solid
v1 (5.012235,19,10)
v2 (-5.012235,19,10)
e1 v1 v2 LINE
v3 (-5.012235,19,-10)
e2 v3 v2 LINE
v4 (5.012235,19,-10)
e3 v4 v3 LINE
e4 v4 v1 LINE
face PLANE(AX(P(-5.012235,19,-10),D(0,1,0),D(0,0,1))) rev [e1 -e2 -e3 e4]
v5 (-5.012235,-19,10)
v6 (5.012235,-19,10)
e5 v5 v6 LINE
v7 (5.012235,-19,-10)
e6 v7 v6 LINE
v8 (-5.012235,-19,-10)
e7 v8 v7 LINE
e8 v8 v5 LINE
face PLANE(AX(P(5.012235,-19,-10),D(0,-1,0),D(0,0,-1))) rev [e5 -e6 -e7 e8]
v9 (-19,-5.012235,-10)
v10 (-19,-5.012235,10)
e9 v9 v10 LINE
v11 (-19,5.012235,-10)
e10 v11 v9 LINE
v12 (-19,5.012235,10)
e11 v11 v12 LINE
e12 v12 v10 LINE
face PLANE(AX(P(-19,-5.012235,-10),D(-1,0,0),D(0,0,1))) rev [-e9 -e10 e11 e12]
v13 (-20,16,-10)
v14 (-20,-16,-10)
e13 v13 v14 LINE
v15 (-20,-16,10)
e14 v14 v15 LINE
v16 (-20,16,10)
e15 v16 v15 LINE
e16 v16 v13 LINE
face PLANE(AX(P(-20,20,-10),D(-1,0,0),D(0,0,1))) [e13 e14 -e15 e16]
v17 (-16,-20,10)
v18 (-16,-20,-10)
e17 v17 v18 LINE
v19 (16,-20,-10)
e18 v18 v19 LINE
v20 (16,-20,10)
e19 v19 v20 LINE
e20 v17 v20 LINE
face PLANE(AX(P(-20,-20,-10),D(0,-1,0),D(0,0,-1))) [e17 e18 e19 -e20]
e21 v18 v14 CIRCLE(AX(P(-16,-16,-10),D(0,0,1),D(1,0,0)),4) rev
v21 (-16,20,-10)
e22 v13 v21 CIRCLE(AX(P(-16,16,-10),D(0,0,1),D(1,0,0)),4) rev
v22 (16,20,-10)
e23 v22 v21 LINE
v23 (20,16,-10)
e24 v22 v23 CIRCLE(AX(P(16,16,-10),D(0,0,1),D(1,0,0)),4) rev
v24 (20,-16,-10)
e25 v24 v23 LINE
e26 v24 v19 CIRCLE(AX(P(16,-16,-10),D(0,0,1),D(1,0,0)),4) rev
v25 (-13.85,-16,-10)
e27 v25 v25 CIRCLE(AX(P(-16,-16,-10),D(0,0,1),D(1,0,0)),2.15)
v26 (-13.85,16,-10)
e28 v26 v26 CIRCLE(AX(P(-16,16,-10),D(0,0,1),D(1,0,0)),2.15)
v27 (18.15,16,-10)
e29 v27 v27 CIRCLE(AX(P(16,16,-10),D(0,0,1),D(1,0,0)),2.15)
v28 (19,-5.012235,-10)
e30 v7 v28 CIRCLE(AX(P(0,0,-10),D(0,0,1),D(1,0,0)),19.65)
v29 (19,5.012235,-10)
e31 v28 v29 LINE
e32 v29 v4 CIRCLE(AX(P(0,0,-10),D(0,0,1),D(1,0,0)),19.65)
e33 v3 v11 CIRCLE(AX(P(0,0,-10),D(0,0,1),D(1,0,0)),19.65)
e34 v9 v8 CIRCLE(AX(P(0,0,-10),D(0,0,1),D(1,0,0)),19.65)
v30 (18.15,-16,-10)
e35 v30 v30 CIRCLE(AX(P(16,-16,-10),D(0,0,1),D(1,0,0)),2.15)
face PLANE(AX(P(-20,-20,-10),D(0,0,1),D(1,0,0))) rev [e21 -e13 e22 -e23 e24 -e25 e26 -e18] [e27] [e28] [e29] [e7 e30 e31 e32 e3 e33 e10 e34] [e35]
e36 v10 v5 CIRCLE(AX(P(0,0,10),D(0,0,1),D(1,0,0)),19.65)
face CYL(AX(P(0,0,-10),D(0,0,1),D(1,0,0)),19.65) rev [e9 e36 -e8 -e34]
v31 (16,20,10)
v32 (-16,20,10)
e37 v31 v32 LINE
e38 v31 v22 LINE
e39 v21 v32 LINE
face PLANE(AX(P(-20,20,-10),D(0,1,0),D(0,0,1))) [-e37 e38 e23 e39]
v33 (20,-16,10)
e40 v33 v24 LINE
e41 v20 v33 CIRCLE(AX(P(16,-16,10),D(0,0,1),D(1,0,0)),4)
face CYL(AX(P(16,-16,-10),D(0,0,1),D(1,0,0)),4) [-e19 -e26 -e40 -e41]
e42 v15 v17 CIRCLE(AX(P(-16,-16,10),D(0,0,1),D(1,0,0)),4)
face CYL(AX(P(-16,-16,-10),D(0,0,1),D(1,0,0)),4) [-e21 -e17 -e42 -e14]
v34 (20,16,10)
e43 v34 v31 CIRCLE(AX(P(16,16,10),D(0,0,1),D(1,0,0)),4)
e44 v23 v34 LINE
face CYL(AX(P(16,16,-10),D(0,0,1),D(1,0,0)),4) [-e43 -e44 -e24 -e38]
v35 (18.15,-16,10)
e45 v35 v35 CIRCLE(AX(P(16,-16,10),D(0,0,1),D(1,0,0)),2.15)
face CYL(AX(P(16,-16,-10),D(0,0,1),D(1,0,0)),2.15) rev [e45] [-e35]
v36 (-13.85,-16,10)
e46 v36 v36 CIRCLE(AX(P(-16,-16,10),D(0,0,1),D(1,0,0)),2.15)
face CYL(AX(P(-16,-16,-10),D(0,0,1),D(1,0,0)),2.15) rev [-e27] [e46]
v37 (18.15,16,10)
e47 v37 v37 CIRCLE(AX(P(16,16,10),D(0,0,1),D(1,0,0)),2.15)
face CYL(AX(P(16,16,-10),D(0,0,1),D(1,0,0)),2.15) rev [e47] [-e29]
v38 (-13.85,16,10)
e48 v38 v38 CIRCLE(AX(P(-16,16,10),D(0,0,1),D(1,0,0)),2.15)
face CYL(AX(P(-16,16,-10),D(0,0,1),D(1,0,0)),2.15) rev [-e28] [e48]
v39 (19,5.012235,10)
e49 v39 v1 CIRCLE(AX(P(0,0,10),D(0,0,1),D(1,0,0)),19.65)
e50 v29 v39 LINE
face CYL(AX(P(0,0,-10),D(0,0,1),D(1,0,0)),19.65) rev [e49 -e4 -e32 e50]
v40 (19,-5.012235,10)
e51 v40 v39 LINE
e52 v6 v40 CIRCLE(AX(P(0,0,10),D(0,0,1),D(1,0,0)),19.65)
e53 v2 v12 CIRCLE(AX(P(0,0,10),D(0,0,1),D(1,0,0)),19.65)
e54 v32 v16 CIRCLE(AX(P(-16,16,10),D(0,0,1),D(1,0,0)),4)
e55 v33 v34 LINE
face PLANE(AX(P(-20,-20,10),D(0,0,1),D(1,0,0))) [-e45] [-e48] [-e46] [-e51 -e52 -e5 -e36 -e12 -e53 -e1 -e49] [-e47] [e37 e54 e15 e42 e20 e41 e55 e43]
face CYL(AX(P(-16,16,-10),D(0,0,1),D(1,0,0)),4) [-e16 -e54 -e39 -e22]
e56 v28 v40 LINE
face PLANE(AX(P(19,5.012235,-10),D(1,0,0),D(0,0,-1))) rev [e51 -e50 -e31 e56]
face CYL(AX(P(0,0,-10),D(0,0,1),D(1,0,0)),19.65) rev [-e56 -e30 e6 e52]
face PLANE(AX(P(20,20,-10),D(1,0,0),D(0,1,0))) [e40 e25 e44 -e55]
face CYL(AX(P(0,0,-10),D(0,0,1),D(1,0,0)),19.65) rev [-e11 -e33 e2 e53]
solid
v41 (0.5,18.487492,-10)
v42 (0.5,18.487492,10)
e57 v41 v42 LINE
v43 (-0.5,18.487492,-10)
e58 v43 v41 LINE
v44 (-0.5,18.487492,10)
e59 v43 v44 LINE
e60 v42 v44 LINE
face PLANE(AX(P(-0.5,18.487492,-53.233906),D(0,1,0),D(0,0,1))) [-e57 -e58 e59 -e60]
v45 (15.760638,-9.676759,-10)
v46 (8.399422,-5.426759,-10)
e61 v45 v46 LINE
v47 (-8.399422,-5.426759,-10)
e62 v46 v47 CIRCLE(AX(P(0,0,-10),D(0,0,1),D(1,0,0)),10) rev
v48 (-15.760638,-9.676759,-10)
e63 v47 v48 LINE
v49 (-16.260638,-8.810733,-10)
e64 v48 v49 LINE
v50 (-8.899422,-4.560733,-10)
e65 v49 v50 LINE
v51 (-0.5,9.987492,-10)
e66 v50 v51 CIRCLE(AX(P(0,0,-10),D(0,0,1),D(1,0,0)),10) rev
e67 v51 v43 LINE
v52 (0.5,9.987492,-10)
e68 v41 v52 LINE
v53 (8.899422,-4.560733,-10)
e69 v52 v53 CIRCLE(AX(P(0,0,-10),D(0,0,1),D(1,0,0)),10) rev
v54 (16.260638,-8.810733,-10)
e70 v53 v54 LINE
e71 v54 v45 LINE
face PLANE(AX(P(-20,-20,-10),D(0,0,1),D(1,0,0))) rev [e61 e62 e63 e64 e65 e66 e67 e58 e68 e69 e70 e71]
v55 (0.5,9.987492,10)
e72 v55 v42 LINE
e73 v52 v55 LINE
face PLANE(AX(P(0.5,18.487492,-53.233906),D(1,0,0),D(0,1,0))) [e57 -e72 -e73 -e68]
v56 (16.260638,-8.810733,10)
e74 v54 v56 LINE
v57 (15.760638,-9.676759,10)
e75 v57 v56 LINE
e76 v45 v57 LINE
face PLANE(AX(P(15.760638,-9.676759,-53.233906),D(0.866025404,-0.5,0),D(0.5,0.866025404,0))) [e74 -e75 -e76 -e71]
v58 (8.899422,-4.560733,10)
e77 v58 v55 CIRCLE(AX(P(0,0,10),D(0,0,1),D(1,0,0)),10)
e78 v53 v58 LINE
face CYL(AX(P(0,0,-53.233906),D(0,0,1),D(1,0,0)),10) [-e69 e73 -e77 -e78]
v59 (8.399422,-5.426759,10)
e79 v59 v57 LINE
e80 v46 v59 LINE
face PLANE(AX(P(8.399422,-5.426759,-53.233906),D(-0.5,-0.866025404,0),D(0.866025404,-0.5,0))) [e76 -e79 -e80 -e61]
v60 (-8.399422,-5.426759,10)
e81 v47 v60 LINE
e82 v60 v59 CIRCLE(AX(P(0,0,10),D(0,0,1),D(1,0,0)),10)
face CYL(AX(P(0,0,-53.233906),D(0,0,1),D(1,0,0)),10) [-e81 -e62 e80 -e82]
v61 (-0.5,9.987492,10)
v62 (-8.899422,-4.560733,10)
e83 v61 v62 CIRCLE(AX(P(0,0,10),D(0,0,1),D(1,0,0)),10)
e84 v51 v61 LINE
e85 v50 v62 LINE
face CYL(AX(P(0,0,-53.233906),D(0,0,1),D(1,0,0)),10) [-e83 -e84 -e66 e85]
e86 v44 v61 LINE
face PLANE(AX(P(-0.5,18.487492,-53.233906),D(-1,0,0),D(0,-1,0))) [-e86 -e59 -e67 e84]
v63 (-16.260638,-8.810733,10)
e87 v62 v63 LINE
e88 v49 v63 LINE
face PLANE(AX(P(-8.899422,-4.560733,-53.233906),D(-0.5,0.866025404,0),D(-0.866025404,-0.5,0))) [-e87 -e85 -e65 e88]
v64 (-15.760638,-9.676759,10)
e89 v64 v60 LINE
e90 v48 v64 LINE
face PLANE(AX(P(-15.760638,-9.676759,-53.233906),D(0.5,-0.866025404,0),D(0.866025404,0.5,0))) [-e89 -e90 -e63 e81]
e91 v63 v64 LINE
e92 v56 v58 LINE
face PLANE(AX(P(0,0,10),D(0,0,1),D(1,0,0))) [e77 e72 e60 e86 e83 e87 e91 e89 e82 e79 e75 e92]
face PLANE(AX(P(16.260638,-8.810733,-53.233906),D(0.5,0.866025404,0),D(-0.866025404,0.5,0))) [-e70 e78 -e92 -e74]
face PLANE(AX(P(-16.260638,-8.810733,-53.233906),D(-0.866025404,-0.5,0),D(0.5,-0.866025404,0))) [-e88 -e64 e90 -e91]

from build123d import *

# Parameters (mm, degrees)
SKETCH1_W                = 40
SKETCH1_H                = 40
SKETCH1_R                = 2.15
BOSS_EXTRUDE1_DEPTH      = 10
BOSS_EXTRUDE1_DEPTH_BACK = 10
FILLET1_R                = 4
BOSS_EXTRUDE2_DEPTH      = 20


with BuildPart() as part:
    # Sketch1 → Boss-Extrude1 (new body, two sides)
    with BuildSketch(Plane.XY) as boss_extrude1_sk:
        Rectangle(SKETCH1_W, SKETCH1_H)
        with Locations((-16, 16)):
            Circle(SKETCH1_R, mode=Mode.SUBTRACT)
        with Locations((16, 16)):
            Circle(SKETCH1_R, mode=Mode.SUBTRACT)
        with Locations((16, -16)):
            Circle(SKETCH1_R, mode=Mode.SUBTRACT)
        with Locations((-16, -16)):
            Circle(SKETCH1_R, mode=Mode.SUBTRACT)
        with BuildLine():
            Line((-5.01223503, 19), (5.01223503, 19))
            ThreePointArc((5.01223503, 19), (13.89464825, 13.89464825), (19, 5.01223503))
            Line((19, 5.01223503), (19, -5.01223503))
            ThreePointArc((19, -5.01223503), (13.89464825, -13.89464825), (5.01223503, -19))
            Line((5.01223503, -19), (-5.01223503, -19))
            ThreePointArc((-5.01223503, -19), (-13.89464825, -13.89464825), (-19, -5.01223503))
            Line((-19, -5.01223503), (-19, 5.01223503))
            ThreePointArc((-19, 5.01223503), (-13.89464825, 13.89464825), (-5.01223503, 19))
        make_face(mode=Mode.SUBTRACT)
    extrude(amount=BOSS_EXTRUDE1_DEPTH)
    extrude(boss_extrude1_sk.sketch, amount=-BOSS_EXTRUDE1_DEPTH_BACK)

    # Fillet1
    fillet1_edges = [part.edges().sort_by_distance(p)[0] for p in [
        (-20, 20, 0),
        (20, 20, 0),
        (20, -20, 0),
        (-20, -20, 0),
    ]]
    fillet(fillet1_edges, radius=FILLET1_R)


with BuildPart() as body_2:
    # Sketch2 → Boss-Extrude2 (new body)
    with BuildSketch(Plane.XY.offset(10)):
        with BuildLine():
            Line((-8.899421946, -4.560733387), (-16.260637878, -8.810733387))
            Line((-16.260637878, -8.810733387), (-15.760637878, -9.676758791))
            Line((-15.760637878, -9.676758791), (-8.399421946, -5.426758791))
            ThreePointArc((-8.399421946, -5.426758791), (0, -10), (8.399421946, -5.426758791))
            Line((8.399421946, -5.426758791), (15.760637878, -9.676758791))
            Line((15.760637878, -9.676758791), (16.260637878, -8.810733387))
            Line((16.260637878, -8.810733387), (8.899421946, -4.560733387))
            ThreePointArc((8.899421946, -4.560733387), (8.660254038, 5), (0.5, 9.987492178))
            Line((0.5, 9.987492178), (0.5, 18.487492178))
            Line((0.5, 18.487492178), (-0.5, 18.487492178))
            Line((-0.5, 18.487492178), (-0.5, 9.987492178))
            ThreePointArc((-0.5, 9.987492178), (-8.660254038, 5), (-8.899421946, -4.560733387))
        make_face()
    extrude(amount=-BOSS_EXTRUDE2_DEPTH)


solid = Compound([part.part, body_2.part])
